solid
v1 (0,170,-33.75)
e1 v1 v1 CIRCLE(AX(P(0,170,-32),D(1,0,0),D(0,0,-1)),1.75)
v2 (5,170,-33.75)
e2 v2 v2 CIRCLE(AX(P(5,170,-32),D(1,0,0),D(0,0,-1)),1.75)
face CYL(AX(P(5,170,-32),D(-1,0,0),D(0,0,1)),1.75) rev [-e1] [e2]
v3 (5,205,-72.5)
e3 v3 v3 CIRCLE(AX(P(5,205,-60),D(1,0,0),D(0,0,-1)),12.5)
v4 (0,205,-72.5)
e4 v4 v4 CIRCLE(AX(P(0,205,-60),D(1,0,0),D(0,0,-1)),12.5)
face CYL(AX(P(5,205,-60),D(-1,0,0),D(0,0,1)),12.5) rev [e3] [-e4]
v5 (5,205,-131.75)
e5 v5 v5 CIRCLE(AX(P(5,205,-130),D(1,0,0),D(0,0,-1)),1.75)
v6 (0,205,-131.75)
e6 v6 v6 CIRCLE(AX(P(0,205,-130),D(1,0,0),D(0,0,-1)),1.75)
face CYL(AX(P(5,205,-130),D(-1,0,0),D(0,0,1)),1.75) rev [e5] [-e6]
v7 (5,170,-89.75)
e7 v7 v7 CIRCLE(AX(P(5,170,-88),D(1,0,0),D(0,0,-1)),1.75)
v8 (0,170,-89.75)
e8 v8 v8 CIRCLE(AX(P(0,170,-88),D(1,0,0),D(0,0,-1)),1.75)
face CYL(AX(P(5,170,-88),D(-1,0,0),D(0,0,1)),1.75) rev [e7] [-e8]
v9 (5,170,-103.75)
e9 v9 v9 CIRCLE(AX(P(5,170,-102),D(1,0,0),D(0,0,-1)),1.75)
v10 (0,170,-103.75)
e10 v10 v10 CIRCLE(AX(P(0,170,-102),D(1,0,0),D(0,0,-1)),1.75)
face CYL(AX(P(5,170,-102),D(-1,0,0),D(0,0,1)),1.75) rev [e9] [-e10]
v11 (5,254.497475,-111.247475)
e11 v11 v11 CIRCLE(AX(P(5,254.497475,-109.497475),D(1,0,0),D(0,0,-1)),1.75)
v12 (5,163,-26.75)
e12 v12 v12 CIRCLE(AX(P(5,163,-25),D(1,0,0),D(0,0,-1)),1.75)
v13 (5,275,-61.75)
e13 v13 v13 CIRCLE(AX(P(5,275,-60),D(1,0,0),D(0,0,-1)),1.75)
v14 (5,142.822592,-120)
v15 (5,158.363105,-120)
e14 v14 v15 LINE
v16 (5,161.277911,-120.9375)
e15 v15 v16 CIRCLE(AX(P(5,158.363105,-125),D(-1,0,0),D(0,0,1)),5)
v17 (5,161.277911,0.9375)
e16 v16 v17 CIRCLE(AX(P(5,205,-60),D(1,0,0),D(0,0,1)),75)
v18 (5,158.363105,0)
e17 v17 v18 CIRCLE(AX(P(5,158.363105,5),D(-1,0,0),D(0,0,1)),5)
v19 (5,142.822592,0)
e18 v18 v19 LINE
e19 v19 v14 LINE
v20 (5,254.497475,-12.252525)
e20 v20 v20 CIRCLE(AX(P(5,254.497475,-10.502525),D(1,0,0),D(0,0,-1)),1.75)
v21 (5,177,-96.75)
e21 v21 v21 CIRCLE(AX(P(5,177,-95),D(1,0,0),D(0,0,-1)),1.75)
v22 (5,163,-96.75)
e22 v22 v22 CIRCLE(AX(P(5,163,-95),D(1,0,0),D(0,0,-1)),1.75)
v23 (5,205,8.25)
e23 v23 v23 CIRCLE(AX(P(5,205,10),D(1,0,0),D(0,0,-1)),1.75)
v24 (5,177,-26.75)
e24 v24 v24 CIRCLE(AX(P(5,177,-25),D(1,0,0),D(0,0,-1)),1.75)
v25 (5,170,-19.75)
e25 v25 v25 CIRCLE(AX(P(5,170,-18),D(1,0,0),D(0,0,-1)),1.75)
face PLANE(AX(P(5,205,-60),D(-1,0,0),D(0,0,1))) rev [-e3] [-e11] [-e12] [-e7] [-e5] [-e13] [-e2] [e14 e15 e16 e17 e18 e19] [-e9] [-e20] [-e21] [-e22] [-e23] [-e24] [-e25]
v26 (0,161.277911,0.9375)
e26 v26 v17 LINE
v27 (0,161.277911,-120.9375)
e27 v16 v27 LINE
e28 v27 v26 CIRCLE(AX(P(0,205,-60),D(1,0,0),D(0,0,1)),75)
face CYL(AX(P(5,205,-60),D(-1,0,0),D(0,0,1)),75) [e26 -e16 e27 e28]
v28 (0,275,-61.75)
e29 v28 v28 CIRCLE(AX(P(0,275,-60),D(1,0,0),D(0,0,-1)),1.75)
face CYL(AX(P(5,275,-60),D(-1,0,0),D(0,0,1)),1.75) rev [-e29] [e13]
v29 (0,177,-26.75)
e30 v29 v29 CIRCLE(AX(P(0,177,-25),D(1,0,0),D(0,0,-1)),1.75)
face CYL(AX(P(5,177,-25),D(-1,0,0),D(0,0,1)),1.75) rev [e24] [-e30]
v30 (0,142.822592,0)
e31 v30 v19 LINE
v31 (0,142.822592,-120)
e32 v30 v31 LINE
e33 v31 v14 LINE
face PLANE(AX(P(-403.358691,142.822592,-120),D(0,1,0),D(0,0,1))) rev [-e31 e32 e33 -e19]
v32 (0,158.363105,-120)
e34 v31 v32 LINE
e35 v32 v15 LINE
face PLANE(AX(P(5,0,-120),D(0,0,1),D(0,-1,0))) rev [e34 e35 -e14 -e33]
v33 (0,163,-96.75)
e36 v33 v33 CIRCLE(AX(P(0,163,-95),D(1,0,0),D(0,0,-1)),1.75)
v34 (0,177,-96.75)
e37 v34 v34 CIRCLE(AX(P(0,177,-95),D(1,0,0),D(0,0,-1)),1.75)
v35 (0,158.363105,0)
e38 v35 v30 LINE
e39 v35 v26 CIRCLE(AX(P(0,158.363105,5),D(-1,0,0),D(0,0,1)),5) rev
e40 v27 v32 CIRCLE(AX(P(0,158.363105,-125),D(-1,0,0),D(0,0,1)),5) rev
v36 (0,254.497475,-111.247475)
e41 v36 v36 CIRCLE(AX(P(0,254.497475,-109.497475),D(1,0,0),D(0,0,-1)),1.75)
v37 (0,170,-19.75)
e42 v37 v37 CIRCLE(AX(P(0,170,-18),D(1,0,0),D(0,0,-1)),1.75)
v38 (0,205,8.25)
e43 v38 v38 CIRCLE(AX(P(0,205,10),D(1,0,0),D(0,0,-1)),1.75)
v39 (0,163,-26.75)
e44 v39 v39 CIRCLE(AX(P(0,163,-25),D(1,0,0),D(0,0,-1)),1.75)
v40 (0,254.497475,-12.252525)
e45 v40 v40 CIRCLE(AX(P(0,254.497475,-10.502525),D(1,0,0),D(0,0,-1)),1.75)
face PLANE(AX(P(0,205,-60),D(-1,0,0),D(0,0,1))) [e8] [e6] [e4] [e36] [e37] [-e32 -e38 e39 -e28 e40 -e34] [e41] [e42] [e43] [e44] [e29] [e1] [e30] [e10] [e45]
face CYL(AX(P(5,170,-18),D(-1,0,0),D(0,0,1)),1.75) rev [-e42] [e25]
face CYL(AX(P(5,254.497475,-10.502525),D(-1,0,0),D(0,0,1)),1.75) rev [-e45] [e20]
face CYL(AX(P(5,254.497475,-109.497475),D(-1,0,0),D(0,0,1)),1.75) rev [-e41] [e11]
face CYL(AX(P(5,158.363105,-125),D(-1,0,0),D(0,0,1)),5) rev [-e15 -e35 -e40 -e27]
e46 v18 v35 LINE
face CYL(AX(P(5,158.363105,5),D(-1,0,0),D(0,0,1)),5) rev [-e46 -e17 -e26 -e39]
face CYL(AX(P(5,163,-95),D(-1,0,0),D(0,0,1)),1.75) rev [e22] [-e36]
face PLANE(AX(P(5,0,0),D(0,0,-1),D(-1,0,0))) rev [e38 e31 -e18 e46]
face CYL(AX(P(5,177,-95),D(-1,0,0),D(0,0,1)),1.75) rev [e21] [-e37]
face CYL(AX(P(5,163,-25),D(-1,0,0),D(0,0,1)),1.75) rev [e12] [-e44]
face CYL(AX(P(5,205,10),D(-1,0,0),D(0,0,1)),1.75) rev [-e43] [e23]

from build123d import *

# Parameters (mm, degrees)
SKETCH_1_R          = 12.5
SKETCH_1_R_2        = 1.75
EXTRUDE_1_DEPTH     = 5
FILLET_1_R          = 5
SKETCH_3_R          = 1.1
CUT_EXTRUDE_2_DEPTH = 10
SKETCH_4_R          = 1.5
CUT_EXTRUDE_3_DEPTH = 10
EXTRUDE2_DEPTH      = 311.885831134
EXTRUDE2_DEPTH_BACK = 311.885831134


with BuildPart() as part:
    # 草图1 → 凸台-拉伸1 (new body)
    with BuildSketch(Plane(origin=(0, 0, 0), x_dir=(0, 0, -1), z_dir=(1, 0, 0))):
        with BuildLine():
            Line((0, 0), (0, 160))
            ThreePointArc((0, 160), (60, 280), (120, 160))
            Line((120, 160), (120, 0))
            Line((120, 0), (0, 0))
        make_face()
        with Locations((60, 205)):
            Circle(SKETCH_1_R, mode=Mode.SUBTRACT)
        with Locations((25, 177)):
            Circle(SKETCH_1_R_2, mode=Mode.SUBTRACT)
        with Locations((32, 170)):
            Circle(SKETCH_1_R_2, mode=Mode.SUBTRACT)
        with Locations((25, 163)):
            Circle(SKETCH_1_R_2, mode=Mode.SUBTRACT)
        with Locations((18, 170)):
            Circle(SKETCH_1_R_2, mode=Mode.SUBTRACT)
        with Locations((95, 177)):
            Circle(SKETCH_1_R_2, mode=Mode.SUBTRACT)
        with Locations((102, 170)):
            Circle(SKETCH_1_R_2, mode=Mode.SUBTRACT)
        with Locations((95, 163)):
            Circle(SKETCH_1_R_2, mode=Mode.SUBTRACT)
        with Locations((88, 170)):
            Circle(SKETCH_1_R_2, mode=Mode.SUBTRACT)
        with Locations((39, 140)):
            Circle(SKETCH_1_R_2, mode=Mode.SUBTRACT)
        with Locations((81, 140)):
            Circle(SKETCH_1_R_2, mode=Mode.SUBTRACT)
        with Locations((60, 275)):
            Circle(SKETCH_1_R_2, mode=Mode.SUBTRACT)
        with Locations((-10, 205)):
            Circle(SKETCH_1_R_2, mode=Mode.SUBTRACT)
        with Locations((130, 205)):
            Circle(SKETCH_1_R_2, mode=Mode.SUBTRACT)
        with Locations((10.502525317, 254.497474683)):
            Circle(SKETCH_1_R_2, mode=Mode.SUBTRACT)
        with Locations((109.497474683, 254.497474683)):
            Circle(SKETCH_1_R_2, mode=Mode.SUBTRACT)
        with Locations((5, 5)):
            Circle(SKETCH_1_R_2, mode=Mode.SUBTRACT)
        with Locations((115, 5)):
            Circle(SKETCH_1_R_2, mode=Mode.SUBTRACT)
        with Locations((5, 120)):
            Circle(SKETCH_1_R_2, mode=Mode.SUBTRACT)
        with Locations((115, 120)):
            Circle(SKETCH_1_R_2, mode=Mode.SUBTRACT)
        with BuildLine():
            Line((40.5, 81), (40.5, 59))
            ThreePointArc((40.5, 59), (39, 57.5), (37.5, 59))
            Line((37.5, 59), (37.5, 81))
            ThreePointArc((37.5, 81), (39, 82.5), (40.5, 81))
        make_face(mode=Mode.SUBTRACT)
        with BuildLine():
            Line((79.5, 81), (79.5, 59))
            ThreePointArc((79.5, 59), (81, 57.5), (82.5, 59))
            Line((82.5, 59), (82.5, 81))
            ThreePointArc((82.5, 81), (81, 82.5), (79.5, 81))
        make_face(mode=Mode.SUBTRACT)
    extrude(amount=EXTRUDE_1_DEPTH)

    # 圆角1
    fillet_1_edges = [part.edges().sort_by_distance(p)[0] for p in [
        (2.5, 0, 0),
        (2.5, 160, 0),
        (2.5, 160, -120),
        (2.5, 0, -120),
    ]]
    fillet(fillet_1_edges, radius=FILLET_1_R)

    # 草图3 → 切除-拉伸2 (cut)
    with BuildSketch(Plane.ZY):
        with Locations((-45.818141739, 127.45827935)):
            Circle(SKETCH_3_R)
        with Locations((-61.818141739, 127.45827935)):
            Circle(SKETCH_3_R)
        with Locations((-45.818141739, 91.45827935)):
            Circle(SKETCH_3_R)
        with Locations((-61.818141739, 91.45827935)):
            Circle(SKETCH_3_R)
        with BuildLine():
            Line((-20, 46.75), (-30, 46.75))
            ThreePointArc((-30, 46.75), (-31.75, 48.5), (-30, 50.25))
            Line((-30, 50.25), (-20, 50.25))
            ThreePointArc((-20, 50.25), (-18.25, 48.5), (-20, 46.75))
        make_face()
        with BuildLine():
            Line((-90, 46.75), (-100, 46.75))
            ThreePointArc((-100, 46.75), (-101.75, 48.5), (-100, 50.25))
            Line((-100, 50.25), (-90, 50.25))
            ThreePointArc((-90, 50.25), (-88.25, 48.5), (-90, 46.75))
        make_face()
        with BuildLine():
            Line((-20, 8.25), (-30, 8.25))
            ThreePointArc((-30, 8.25), (-31.75, 10), (-30, 11.75))
            Line((-30, 11.75), (-20, 11.75))
            ThreePointArc((-20, 11.75), (-18.25, 10), (-20, 8.25))
        make_face()
        with BuildLine():
            Line((-90, 8.25), (-100, 8.25))
            ThreePointArc((-100, 8.25), (-101.75, 10), (-100, 11.75))
            Line((-100, 11.75), (-90, 11.75))
            ThreePointArc((-90, 11.75), (-88.25, 10), (-90, 8.25))
        make_face()
    extrude(amount=-CUT_EXTRUDE_2_DEPTH, mode=Mode.SUBTRACT)

    # 草图4 → 切除-拉伸3 (cut)
    with BuildSketch(Plane.ZY):
        with Locations((-16.118918229, 88.740617872)):
            Circle(SKETCH_4_R)
        with Locations((-16.118918229, 64.240617872)):
            Circle(SKETCH_4_R)
        with Locations((-94, 140)):
            Circle(SKETCH_4_R)
        with Locations((-26, 140)):
            Circle(SKETCH_4_R)
        with Locations((-94, 82)):
            Circle(SKETCH_4_R)
        with Locations((-26, 82)):
            Circle(SKETCH_4_R)
    extrude(amount=-CUT_EXTRUDE_3_DEPTH, mode=Mode.SUBTRACT)

    # Sketch1 → Extrude2 (cut, two sides: drawn at the far end of the back side and taken through both)
    with BuildSketch(Plane.ZY.offset(-EXTRUDE2_DEPTH_BACK)):
        Polygon((-523.056193456, 142.822592063), (-120, 142.822592063), (0, 142.822592063), (403.056193456, 142.822592063), (403.056193456, -663.289794849), (-523.056193456, -663.289794849), align=None)
    extrude(amount=EXTRUDE2_DEPTH + EXTRUDE2_DEPTH_BACK, mode=Mode.SUBTRACT)


solid = part.part
